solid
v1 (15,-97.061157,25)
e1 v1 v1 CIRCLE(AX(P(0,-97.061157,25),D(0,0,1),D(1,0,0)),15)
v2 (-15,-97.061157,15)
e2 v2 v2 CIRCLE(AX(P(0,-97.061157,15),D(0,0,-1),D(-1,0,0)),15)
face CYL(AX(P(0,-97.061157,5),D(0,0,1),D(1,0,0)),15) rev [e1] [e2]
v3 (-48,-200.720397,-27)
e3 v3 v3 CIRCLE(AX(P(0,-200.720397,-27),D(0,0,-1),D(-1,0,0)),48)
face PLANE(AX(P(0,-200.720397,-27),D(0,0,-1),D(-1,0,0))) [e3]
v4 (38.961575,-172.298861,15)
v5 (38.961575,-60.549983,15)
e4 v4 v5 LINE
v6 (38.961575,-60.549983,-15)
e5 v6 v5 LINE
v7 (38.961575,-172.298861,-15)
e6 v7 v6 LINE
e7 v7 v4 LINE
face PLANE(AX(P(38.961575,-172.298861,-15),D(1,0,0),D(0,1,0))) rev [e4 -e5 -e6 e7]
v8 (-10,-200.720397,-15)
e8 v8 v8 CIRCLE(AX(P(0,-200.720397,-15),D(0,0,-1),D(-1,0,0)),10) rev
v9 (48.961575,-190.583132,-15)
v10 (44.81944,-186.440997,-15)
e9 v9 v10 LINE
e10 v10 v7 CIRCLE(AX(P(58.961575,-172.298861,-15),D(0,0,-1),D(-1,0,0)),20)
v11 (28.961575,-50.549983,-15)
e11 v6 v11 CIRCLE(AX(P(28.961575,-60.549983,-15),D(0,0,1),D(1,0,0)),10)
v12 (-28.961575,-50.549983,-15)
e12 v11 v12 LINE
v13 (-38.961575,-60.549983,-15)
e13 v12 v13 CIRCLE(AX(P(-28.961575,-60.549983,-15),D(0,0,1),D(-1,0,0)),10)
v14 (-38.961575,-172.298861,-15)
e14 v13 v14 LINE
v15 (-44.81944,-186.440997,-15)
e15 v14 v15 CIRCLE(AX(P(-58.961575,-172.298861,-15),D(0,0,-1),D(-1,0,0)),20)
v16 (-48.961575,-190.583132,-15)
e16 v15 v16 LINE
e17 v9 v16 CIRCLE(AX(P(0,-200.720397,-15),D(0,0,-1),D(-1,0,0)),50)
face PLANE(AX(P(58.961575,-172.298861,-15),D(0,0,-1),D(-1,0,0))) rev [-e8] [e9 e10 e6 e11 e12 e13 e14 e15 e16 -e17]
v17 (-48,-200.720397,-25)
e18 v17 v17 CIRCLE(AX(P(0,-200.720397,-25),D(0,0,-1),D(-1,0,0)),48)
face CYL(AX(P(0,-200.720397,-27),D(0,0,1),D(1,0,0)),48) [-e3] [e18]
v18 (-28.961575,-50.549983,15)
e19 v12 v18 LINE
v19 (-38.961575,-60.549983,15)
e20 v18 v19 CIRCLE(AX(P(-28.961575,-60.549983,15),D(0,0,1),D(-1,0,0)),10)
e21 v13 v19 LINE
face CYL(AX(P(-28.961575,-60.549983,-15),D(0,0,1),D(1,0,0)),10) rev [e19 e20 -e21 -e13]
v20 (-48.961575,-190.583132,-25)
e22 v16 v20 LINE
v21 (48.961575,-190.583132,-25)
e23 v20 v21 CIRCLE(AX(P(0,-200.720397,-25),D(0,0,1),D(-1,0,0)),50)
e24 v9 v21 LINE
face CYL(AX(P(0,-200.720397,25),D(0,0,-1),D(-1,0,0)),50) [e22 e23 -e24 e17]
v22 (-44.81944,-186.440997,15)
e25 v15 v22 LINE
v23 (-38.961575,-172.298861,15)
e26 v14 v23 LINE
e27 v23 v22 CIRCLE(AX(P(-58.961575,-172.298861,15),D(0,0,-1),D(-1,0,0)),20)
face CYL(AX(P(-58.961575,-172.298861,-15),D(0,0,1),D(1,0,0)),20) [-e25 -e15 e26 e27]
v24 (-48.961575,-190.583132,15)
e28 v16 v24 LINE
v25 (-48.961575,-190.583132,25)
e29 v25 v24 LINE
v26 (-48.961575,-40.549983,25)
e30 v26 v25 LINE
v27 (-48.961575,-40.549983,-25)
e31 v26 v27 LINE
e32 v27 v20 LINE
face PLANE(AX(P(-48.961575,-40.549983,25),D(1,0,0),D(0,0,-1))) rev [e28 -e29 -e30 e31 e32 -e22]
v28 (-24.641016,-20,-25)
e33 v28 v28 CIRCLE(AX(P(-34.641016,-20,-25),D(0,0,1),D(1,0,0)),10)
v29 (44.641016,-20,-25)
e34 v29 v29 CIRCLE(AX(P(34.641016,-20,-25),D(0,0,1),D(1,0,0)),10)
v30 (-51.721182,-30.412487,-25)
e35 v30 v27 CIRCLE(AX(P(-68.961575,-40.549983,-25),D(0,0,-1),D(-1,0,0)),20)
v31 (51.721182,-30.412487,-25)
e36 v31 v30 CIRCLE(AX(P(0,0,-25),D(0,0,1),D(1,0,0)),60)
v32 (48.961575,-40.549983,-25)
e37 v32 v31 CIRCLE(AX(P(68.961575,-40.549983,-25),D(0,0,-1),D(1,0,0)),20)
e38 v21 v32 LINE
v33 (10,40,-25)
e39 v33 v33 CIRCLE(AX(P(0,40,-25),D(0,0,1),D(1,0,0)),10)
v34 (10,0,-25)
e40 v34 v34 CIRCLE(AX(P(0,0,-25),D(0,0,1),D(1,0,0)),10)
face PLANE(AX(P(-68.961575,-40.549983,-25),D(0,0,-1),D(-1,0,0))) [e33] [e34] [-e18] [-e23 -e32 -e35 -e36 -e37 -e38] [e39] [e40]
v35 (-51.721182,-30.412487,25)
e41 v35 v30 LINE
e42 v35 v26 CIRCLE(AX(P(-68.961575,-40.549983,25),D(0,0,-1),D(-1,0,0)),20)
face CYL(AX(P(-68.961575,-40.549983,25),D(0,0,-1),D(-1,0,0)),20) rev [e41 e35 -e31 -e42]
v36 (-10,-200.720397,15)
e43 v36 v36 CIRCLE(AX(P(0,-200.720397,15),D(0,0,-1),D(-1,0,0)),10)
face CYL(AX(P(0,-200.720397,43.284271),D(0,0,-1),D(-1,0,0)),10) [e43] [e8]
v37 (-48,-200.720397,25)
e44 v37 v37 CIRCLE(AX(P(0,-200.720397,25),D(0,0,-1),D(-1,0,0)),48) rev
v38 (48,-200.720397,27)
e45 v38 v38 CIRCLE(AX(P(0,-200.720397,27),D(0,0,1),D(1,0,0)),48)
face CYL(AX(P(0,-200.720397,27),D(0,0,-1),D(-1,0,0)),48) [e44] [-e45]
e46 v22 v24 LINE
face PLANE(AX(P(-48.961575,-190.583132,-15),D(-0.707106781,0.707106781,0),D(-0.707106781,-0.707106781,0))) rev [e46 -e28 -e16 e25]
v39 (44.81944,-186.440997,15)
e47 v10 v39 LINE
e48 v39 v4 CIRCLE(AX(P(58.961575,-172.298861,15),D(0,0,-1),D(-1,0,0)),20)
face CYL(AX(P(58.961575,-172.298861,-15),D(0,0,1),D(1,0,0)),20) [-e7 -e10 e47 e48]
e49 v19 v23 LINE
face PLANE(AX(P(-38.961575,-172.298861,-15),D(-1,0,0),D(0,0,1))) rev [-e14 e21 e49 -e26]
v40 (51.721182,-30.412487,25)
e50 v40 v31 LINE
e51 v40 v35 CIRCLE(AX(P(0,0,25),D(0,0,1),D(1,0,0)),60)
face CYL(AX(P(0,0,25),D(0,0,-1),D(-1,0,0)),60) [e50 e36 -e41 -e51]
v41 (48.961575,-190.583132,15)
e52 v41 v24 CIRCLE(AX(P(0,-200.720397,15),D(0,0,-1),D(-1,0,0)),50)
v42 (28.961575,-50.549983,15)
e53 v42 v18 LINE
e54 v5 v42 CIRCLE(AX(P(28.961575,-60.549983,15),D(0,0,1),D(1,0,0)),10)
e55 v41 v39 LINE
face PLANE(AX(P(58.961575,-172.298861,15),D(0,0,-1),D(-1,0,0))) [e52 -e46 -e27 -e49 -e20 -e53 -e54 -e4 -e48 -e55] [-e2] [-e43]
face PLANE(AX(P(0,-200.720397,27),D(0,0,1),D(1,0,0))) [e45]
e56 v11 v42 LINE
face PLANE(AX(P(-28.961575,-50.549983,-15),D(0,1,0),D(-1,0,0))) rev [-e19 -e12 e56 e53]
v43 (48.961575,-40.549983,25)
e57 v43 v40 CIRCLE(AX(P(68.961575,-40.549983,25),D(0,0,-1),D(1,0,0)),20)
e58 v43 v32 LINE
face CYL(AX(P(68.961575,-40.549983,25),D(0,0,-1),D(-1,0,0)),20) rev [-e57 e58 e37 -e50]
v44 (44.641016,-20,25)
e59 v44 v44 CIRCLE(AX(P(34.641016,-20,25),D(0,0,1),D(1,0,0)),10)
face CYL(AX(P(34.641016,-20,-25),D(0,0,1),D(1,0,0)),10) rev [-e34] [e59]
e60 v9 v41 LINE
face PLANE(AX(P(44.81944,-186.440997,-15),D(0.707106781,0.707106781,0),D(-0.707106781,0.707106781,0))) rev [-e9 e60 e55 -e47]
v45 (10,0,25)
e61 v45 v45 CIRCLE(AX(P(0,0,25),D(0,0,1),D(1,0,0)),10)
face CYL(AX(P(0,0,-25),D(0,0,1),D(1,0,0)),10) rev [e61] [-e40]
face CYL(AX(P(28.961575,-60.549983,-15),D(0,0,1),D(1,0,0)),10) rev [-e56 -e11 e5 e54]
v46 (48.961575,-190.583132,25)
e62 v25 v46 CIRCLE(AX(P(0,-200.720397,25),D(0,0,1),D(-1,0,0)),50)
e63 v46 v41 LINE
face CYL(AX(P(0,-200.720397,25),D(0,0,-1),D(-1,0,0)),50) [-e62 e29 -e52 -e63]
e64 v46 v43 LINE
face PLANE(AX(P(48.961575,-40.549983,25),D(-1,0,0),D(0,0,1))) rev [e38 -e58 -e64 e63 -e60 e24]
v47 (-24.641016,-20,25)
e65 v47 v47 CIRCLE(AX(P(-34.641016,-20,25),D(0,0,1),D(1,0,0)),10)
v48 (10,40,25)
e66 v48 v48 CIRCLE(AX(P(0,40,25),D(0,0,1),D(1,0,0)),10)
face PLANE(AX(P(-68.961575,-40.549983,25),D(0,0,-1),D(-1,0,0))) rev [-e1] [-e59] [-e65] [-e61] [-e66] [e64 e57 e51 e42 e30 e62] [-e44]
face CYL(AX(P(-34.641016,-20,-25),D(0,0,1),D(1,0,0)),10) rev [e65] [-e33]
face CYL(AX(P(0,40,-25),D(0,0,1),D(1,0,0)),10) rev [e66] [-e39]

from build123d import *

# Parameters (mm, degrees)
BOSS_EXTRU_1_DEPTH      = 25
ENL_V_MAT_EXTRU_6_DEPTH = 15
ESQUISSE7_R             = 10
ENL_V_MAT_EXTRU_7_DEPTH = 263.603726785
ESQUISSE8_R             = 48
BOSS_EXTRU_2_DEPTH      = 2
BOSS_EXTRU_3_START      = 2
ESQUISSE9_R             = 48
BOSS_EXTRU_3_DEPTH      = 2
ESQUISSE11_R            = 15
ENL_V_MAT_EXTRU_8_DEPTH = 20
ESQUISSE12_R            = 10
BOSS_EXTRU_4_DEPTH      = 30


with BuildPart() as part:
    # Esquisse1 → Boss.-Extru.1 (new, symmetric)
    with BuildSketch(Plane.XY):
        with BuildLine():
            Line((48.961575437, -40.549982901), (48.961575437, -190.58313224))
            ThreePointArc((48.961575437, -190.58313224), (0, -250.7203967), (-48.961575437, -190.58313224))
            Line((-48.961575437, -190.58313224), (-48.961575437, -40.549982901))
            ThreePointArc((-48.961575437, -40.549982901), (-49.663805136, -35.296787549), (-51.721181578, -30.412487176))
            ThreePointArc((-51.721181578, -30.412487176), (0, 60), (51.721181578, -30.412487176))
            ThreePointArc((51.721181578, -30.412487176), (49.663805136, -35.296787549), (48.961575437, -40.549982901))
        make_face()
    extrude(amount=BOSS_EXTRU_1_DEPTH, both=True)

    # Esquisse6 → Enlèv. mat.-Extru.6 (cut, symmetric)
    with BuildSketch(Plane.XY):
        with BuildLine():
            Line((-48.961575437, -190.58313224), (-44.819439813, -186.440996616))
            ThreePointArc((-44.819439813, -186.440996616), (-40.483984787, -179.95252964), (-38.961575437, -172.298860992))
            Line((-38.961575437, -172.298860992), (-38.961575437, -60.549982901))
            ThreePointArc((-38.961575437, -60.549982901), (-36.032643249, -53.478915089), (-28.961575437, -50.549982901))
            Line((-28.961575437, -50.549982901), (28.961575437, -50.549982901))
            ThreePointArc((28.961575437, -50.549982901), (36.032643249, -53.478915089), (38.961575437, -60.549982901))
            Line((38.961575437, -60.549982901), (38.961575437, -172.298860992))
            ThreePointArc((38.961575437, -172.298860992), (40.483984787, -179.95252964), (44.819439813, -186.440996616))
            Line((44.819439813, -186.440996616), (48.961575437, -190.58313224))
            Line((48.961575437, -190.58313224), (84.871492003, -248.547724845))
            Line((84.871492003, -248.547724845), (0, -290.851549547))
            Line((0, -290.851549547), (-95.233900293, -248.547724845))
            Line((-95.233900293, -248.547724845), (-48.961575437, -190.58313224))
        make_face()
    extrude(amount=ENL_V_MAT_EXTRU_6_DEPTH, both=True, mode=Mode.SUBTRACT)

    # Esquisse7 → Enlèv. mat.-Extru.7 (cut, through all)
    with BuildSketch(Plane.XY.offset(25)):
        Circle(ESQUISSE7_R)
        with Locations((0, 40)):
            Circle(ESQUISSE7_R)
        with Locations((34.641016151, -20)):
            Circle(ESQUISSE7_R)
        with Locations((-34.641016151, -20)):
            Circle(ESQUISSE7_R)
    extrude(amount=-ENL_V_MAT_EXTRU_7_DEPTH, mode=Mode.SUBTRACT)

    # Esquisse8 → Boss.-Extru.2 (add)
    with BuildSketch(Plane.XY.offset(25)):
        with Locations(Location((0, -200.7203967, 0), (0, 0, 180))):
            Circle(ESQUISSE8_R)
    extrude(amount=BOSS_EXTRU_2_DEPTH)

    # Esquisse9 → Boss.-Extru.3 (add)
    with BuildSketch(Plane(origin=(0, 0, -25), x_dir=(-1, 0, 0), z_dir=(0, 0, -1)).offset(BOSS_EXTRU_3_START)):
        with Locations((0, -200.7203967)):
            Circle(ESQUISSE9_R)
    extrude(amount=-BOSS_EXTRU_3_DEPTH)

    # Esquisse11 → Enlèv. mat.-Extru.8 (cut)
    with BuildSketch(Plane.XY.offset(25)):
        with Locations((0, -97.061157092)):
            Circle(ESQUISSE11_R)
    extrude(amount=-ENL_V_MAT_EXTRU_8_DEPTH, mode=Mode.SUBTRACT)

    # Esquisse12 → Boss.-Extru.4 (add)
    with BuildSketch(Plane.XY.offset(-15)):
        with Locations(Location((0, -200.7203967, 0), (0, 0, 180))):
            Circle(ESQUISSE12_R)
    extrude(amount=BOSS_EXTRU_4_DEPTH)


solid = part.part
